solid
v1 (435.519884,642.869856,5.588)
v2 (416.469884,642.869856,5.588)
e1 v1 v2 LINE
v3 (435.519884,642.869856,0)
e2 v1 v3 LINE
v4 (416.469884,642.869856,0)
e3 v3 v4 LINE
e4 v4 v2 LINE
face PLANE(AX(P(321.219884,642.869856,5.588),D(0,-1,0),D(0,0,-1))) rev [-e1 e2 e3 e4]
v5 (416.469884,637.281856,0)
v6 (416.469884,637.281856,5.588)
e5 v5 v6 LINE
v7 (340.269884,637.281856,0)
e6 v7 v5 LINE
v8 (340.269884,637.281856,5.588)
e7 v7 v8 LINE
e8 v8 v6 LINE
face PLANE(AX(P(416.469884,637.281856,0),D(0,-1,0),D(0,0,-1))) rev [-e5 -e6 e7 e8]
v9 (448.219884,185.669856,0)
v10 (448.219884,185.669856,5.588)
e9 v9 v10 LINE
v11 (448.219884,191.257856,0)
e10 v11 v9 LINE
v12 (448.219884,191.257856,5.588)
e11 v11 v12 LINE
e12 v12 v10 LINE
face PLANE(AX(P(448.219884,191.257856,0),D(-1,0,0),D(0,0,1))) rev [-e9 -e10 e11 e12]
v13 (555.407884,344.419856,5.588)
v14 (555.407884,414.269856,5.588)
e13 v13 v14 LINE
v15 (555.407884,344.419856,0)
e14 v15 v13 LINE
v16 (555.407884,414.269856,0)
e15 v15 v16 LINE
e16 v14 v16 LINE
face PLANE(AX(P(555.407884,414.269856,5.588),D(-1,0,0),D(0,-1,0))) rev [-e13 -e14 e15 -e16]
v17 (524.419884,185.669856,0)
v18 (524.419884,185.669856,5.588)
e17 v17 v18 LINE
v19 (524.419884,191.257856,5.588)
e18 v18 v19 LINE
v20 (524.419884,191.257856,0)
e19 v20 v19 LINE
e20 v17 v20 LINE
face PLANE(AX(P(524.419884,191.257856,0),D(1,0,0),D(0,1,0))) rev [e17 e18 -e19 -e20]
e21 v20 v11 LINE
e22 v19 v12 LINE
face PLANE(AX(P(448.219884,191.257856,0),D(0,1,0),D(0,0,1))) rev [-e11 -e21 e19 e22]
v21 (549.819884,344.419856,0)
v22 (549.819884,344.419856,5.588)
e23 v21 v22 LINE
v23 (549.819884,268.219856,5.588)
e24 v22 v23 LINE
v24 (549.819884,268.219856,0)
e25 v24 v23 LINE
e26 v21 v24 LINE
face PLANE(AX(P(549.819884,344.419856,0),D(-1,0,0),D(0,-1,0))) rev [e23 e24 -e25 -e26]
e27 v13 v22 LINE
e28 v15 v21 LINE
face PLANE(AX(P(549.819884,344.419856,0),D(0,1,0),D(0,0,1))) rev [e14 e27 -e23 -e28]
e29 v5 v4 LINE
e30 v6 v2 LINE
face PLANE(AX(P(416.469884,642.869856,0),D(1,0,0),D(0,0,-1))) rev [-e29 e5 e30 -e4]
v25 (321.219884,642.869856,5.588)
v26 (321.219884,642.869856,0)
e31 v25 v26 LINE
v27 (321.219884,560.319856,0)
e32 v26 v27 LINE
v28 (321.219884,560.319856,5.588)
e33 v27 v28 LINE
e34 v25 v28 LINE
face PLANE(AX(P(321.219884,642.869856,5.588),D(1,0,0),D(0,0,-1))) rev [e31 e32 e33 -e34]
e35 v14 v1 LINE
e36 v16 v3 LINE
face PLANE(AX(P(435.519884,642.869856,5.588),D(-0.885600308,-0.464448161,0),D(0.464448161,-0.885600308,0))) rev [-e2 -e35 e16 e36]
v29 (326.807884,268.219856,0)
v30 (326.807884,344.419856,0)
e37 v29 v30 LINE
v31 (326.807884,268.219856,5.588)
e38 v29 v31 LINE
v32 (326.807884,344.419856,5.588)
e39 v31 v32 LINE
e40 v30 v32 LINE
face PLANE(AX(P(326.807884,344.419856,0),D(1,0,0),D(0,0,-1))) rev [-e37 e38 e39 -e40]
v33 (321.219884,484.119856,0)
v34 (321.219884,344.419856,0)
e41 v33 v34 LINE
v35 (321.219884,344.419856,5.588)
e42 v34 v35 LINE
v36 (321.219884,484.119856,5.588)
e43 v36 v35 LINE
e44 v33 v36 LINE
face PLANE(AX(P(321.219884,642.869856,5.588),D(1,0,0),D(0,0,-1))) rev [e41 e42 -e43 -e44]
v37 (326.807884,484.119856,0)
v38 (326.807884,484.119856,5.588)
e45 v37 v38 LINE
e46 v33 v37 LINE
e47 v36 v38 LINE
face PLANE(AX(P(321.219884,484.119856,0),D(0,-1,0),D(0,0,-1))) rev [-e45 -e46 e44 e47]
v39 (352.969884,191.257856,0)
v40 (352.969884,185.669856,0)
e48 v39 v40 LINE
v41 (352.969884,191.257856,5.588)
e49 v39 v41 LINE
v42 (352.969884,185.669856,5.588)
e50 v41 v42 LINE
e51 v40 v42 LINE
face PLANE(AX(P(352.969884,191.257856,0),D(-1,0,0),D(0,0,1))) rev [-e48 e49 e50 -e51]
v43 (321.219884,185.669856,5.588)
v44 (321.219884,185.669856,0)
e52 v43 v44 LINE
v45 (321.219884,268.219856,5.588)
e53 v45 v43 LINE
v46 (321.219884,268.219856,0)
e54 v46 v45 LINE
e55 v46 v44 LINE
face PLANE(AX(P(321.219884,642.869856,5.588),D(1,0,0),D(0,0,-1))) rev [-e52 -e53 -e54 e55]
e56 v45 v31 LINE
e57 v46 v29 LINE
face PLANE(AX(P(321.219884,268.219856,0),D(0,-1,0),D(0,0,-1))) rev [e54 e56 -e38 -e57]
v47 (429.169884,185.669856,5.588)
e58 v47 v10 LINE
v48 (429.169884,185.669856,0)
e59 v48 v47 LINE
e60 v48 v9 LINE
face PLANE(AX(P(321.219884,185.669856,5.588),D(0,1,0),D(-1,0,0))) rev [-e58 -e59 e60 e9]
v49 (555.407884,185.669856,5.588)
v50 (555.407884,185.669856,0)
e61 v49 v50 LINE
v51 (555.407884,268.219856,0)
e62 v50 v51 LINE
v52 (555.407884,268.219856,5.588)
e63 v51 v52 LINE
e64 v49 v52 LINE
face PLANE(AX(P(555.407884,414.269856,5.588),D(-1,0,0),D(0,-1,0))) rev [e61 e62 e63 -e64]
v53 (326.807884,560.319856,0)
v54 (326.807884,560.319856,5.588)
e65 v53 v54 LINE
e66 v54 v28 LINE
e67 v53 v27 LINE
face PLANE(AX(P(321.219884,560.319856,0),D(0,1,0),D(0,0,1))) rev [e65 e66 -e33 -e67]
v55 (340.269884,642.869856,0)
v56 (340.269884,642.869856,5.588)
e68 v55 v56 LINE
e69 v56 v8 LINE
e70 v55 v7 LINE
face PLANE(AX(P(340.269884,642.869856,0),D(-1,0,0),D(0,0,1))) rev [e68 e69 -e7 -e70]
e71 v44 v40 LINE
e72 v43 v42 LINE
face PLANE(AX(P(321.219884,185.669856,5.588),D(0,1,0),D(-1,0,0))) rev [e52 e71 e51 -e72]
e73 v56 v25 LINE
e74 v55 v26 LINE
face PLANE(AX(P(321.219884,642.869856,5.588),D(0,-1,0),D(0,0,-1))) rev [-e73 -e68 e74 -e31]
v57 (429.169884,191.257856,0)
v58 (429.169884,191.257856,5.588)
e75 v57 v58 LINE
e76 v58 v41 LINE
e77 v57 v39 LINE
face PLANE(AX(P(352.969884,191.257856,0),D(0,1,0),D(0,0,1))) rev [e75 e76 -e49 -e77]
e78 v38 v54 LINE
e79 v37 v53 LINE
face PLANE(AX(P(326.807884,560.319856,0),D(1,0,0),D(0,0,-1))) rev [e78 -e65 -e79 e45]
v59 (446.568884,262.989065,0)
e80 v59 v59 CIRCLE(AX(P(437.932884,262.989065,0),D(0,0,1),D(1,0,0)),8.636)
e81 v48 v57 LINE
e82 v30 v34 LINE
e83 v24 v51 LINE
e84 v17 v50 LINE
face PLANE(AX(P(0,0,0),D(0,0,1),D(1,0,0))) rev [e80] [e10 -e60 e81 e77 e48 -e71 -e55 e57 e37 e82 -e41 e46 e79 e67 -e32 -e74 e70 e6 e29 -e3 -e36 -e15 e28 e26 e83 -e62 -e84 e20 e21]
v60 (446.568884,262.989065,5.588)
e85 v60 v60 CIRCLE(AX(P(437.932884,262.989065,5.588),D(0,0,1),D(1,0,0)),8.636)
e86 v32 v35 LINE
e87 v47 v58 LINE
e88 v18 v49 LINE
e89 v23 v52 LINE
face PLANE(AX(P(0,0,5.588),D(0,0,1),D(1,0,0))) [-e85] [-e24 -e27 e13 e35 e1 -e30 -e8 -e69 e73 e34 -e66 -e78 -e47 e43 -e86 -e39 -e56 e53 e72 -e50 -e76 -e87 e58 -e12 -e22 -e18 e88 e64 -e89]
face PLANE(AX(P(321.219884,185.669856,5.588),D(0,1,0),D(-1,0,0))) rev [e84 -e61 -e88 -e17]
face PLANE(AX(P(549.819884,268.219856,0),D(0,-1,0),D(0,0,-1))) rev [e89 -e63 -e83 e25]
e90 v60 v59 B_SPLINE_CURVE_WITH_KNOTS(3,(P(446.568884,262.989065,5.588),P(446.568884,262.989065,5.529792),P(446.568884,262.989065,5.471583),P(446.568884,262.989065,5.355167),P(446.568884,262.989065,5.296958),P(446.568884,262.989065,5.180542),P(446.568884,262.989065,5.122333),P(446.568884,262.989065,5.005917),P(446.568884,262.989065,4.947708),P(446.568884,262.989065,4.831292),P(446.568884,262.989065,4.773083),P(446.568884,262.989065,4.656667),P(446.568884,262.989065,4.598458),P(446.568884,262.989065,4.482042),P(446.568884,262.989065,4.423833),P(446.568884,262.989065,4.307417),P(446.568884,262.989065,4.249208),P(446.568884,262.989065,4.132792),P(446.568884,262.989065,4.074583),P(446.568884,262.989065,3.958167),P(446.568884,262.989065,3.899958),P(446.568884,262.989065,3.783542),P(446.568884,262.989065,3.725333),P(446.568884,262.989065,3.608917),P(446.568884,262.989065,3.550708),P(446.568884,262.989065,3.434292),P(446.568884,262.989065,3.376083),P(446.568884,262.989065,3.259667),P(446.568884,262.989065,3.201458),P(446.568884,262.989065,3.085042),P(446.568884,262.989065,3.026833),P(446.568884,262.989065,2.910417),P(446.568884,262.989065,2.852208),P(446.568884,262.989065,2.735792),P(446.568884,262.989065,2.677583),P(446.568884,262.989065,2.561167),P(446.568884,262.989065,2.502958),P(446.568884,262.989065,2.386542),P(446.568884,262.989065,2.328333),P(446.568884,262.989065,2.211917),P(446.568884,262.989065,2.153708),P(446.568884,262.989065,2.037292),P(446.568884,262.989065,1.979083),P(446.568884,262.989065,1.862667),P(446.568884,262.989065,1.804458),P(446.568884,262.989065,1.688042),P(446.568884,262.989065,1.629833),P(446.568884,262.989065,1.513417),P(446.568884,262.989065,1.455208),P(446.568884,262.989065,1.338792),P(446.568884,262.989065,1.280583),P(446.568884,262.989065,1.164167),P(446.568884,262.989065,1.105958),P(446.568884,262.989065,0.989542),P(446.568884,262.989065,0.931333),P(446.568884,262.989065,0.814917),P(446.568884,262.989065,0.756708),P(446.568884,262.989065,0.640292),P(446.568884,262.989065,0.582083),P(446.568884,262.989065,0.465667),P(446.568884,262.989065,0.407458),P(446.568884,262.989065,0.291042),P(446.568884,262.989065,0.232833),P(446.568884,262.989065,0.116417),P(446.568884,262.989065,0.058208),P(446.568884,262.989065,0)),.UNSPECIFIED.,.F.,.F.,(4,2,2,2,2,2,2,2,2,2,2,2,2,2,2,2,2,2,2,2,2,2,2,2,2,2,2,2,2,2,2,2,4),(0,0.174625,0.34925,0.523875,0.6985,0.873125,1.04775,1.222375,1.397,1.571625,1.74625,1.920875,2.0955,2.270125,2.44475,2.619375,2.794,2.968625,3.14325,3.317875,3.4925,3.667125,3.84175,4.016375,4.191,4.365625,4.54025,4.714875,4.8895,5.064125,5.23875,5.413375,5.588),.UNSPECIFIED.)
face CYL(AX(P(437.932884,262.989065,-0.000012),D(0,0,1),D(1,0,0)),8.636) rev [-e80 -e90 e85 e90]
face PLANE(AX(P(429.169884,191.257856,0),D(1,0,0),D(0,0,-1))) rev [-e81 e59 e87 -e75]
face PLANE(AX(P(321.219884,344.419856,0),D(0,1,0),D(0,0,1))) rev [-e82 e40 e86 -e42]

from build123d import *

# Parameters (mm, degrees)
BOSS_EXTRUDE3_DEPTH     = 5.588
SKETCH2_W               = 76.2
SKETCH2_H               = 5.588
SKETCH2_W_2             = 5.588
SKETCH2_H_2             = 76.2
CUT_EXTRUDE1_DEPTH      = 850.582717671
CUT_EXTRUDE3_DEPTH      = 850.582717671
CUT_EXTRUDE3_DEPTH_BACK = 850.582717671
SKETCH3_R               = 8.636


with BuildPart() as part:
    # Sketch1 → Boss-Extrude3 (new body)
    with BuildSketch(Plane.XY):
        Polygon((435.519883673, 642.86985555), (555.407883673, 414.26985555), (555.407883673, 185.66985555), (321.219883673, 185.66985555), (321.219883673, 642.86985555), align=None)
    extrude(amount=BOSS_EXTRUDE3_DEPTH)

    # Sketch2 → Cut-Extrude1 (cut, through all)
    with BuildSketch(Plane.XY.offset(5.588)):
        with Locations((378.369883673, 640.07585555)):
            Rectangle(SKETCH2_W, SKETCH2_H)
        with Locations((324.013883673, 522.21985555)):
            Rectangle(SKETCH2_W_2, SKETCH2_H_2)
        with Locations((324.013883673, 306.31985555)):
            Rectangle(SKETCH2_W_2, SKETCH2_H_2)
        with Locations((391.069883673, 188.46385555)):
            Rectangle(SKETCH2_W, SKETCH2_H)
        with Locations((486.319883673, 188.46385555)):
            Rectangle(SKETCH2_W, SKETCH2_H)
        with Locations((552.613883673, 306.31985555)):
            Rectangle(SKETCH2_W_2, SKETCH2_H_2)
    extrude(amount=-CUT_EXTRUDE1_DEPTH, mode=Mode.SUBTRACT)

    # Sketch3 → Cut-Extrude3 (cut, two sides: drawn at the far end of the back side and taken through both)
    with BuildSketch(Plane.XY.offset(-CUT_EXTRUDE3_DEPTH_BACK)):
        with Locations((437.932883673, 262.989065336)):
            Circle(SKETCH3_R)
    extrude(amount=CUT_EXTRUDE3_DEPTH + CUT_EXTRUDE3_DEPTH_BACK, mode=Mode.SUBTRACT)


solid = part.part
